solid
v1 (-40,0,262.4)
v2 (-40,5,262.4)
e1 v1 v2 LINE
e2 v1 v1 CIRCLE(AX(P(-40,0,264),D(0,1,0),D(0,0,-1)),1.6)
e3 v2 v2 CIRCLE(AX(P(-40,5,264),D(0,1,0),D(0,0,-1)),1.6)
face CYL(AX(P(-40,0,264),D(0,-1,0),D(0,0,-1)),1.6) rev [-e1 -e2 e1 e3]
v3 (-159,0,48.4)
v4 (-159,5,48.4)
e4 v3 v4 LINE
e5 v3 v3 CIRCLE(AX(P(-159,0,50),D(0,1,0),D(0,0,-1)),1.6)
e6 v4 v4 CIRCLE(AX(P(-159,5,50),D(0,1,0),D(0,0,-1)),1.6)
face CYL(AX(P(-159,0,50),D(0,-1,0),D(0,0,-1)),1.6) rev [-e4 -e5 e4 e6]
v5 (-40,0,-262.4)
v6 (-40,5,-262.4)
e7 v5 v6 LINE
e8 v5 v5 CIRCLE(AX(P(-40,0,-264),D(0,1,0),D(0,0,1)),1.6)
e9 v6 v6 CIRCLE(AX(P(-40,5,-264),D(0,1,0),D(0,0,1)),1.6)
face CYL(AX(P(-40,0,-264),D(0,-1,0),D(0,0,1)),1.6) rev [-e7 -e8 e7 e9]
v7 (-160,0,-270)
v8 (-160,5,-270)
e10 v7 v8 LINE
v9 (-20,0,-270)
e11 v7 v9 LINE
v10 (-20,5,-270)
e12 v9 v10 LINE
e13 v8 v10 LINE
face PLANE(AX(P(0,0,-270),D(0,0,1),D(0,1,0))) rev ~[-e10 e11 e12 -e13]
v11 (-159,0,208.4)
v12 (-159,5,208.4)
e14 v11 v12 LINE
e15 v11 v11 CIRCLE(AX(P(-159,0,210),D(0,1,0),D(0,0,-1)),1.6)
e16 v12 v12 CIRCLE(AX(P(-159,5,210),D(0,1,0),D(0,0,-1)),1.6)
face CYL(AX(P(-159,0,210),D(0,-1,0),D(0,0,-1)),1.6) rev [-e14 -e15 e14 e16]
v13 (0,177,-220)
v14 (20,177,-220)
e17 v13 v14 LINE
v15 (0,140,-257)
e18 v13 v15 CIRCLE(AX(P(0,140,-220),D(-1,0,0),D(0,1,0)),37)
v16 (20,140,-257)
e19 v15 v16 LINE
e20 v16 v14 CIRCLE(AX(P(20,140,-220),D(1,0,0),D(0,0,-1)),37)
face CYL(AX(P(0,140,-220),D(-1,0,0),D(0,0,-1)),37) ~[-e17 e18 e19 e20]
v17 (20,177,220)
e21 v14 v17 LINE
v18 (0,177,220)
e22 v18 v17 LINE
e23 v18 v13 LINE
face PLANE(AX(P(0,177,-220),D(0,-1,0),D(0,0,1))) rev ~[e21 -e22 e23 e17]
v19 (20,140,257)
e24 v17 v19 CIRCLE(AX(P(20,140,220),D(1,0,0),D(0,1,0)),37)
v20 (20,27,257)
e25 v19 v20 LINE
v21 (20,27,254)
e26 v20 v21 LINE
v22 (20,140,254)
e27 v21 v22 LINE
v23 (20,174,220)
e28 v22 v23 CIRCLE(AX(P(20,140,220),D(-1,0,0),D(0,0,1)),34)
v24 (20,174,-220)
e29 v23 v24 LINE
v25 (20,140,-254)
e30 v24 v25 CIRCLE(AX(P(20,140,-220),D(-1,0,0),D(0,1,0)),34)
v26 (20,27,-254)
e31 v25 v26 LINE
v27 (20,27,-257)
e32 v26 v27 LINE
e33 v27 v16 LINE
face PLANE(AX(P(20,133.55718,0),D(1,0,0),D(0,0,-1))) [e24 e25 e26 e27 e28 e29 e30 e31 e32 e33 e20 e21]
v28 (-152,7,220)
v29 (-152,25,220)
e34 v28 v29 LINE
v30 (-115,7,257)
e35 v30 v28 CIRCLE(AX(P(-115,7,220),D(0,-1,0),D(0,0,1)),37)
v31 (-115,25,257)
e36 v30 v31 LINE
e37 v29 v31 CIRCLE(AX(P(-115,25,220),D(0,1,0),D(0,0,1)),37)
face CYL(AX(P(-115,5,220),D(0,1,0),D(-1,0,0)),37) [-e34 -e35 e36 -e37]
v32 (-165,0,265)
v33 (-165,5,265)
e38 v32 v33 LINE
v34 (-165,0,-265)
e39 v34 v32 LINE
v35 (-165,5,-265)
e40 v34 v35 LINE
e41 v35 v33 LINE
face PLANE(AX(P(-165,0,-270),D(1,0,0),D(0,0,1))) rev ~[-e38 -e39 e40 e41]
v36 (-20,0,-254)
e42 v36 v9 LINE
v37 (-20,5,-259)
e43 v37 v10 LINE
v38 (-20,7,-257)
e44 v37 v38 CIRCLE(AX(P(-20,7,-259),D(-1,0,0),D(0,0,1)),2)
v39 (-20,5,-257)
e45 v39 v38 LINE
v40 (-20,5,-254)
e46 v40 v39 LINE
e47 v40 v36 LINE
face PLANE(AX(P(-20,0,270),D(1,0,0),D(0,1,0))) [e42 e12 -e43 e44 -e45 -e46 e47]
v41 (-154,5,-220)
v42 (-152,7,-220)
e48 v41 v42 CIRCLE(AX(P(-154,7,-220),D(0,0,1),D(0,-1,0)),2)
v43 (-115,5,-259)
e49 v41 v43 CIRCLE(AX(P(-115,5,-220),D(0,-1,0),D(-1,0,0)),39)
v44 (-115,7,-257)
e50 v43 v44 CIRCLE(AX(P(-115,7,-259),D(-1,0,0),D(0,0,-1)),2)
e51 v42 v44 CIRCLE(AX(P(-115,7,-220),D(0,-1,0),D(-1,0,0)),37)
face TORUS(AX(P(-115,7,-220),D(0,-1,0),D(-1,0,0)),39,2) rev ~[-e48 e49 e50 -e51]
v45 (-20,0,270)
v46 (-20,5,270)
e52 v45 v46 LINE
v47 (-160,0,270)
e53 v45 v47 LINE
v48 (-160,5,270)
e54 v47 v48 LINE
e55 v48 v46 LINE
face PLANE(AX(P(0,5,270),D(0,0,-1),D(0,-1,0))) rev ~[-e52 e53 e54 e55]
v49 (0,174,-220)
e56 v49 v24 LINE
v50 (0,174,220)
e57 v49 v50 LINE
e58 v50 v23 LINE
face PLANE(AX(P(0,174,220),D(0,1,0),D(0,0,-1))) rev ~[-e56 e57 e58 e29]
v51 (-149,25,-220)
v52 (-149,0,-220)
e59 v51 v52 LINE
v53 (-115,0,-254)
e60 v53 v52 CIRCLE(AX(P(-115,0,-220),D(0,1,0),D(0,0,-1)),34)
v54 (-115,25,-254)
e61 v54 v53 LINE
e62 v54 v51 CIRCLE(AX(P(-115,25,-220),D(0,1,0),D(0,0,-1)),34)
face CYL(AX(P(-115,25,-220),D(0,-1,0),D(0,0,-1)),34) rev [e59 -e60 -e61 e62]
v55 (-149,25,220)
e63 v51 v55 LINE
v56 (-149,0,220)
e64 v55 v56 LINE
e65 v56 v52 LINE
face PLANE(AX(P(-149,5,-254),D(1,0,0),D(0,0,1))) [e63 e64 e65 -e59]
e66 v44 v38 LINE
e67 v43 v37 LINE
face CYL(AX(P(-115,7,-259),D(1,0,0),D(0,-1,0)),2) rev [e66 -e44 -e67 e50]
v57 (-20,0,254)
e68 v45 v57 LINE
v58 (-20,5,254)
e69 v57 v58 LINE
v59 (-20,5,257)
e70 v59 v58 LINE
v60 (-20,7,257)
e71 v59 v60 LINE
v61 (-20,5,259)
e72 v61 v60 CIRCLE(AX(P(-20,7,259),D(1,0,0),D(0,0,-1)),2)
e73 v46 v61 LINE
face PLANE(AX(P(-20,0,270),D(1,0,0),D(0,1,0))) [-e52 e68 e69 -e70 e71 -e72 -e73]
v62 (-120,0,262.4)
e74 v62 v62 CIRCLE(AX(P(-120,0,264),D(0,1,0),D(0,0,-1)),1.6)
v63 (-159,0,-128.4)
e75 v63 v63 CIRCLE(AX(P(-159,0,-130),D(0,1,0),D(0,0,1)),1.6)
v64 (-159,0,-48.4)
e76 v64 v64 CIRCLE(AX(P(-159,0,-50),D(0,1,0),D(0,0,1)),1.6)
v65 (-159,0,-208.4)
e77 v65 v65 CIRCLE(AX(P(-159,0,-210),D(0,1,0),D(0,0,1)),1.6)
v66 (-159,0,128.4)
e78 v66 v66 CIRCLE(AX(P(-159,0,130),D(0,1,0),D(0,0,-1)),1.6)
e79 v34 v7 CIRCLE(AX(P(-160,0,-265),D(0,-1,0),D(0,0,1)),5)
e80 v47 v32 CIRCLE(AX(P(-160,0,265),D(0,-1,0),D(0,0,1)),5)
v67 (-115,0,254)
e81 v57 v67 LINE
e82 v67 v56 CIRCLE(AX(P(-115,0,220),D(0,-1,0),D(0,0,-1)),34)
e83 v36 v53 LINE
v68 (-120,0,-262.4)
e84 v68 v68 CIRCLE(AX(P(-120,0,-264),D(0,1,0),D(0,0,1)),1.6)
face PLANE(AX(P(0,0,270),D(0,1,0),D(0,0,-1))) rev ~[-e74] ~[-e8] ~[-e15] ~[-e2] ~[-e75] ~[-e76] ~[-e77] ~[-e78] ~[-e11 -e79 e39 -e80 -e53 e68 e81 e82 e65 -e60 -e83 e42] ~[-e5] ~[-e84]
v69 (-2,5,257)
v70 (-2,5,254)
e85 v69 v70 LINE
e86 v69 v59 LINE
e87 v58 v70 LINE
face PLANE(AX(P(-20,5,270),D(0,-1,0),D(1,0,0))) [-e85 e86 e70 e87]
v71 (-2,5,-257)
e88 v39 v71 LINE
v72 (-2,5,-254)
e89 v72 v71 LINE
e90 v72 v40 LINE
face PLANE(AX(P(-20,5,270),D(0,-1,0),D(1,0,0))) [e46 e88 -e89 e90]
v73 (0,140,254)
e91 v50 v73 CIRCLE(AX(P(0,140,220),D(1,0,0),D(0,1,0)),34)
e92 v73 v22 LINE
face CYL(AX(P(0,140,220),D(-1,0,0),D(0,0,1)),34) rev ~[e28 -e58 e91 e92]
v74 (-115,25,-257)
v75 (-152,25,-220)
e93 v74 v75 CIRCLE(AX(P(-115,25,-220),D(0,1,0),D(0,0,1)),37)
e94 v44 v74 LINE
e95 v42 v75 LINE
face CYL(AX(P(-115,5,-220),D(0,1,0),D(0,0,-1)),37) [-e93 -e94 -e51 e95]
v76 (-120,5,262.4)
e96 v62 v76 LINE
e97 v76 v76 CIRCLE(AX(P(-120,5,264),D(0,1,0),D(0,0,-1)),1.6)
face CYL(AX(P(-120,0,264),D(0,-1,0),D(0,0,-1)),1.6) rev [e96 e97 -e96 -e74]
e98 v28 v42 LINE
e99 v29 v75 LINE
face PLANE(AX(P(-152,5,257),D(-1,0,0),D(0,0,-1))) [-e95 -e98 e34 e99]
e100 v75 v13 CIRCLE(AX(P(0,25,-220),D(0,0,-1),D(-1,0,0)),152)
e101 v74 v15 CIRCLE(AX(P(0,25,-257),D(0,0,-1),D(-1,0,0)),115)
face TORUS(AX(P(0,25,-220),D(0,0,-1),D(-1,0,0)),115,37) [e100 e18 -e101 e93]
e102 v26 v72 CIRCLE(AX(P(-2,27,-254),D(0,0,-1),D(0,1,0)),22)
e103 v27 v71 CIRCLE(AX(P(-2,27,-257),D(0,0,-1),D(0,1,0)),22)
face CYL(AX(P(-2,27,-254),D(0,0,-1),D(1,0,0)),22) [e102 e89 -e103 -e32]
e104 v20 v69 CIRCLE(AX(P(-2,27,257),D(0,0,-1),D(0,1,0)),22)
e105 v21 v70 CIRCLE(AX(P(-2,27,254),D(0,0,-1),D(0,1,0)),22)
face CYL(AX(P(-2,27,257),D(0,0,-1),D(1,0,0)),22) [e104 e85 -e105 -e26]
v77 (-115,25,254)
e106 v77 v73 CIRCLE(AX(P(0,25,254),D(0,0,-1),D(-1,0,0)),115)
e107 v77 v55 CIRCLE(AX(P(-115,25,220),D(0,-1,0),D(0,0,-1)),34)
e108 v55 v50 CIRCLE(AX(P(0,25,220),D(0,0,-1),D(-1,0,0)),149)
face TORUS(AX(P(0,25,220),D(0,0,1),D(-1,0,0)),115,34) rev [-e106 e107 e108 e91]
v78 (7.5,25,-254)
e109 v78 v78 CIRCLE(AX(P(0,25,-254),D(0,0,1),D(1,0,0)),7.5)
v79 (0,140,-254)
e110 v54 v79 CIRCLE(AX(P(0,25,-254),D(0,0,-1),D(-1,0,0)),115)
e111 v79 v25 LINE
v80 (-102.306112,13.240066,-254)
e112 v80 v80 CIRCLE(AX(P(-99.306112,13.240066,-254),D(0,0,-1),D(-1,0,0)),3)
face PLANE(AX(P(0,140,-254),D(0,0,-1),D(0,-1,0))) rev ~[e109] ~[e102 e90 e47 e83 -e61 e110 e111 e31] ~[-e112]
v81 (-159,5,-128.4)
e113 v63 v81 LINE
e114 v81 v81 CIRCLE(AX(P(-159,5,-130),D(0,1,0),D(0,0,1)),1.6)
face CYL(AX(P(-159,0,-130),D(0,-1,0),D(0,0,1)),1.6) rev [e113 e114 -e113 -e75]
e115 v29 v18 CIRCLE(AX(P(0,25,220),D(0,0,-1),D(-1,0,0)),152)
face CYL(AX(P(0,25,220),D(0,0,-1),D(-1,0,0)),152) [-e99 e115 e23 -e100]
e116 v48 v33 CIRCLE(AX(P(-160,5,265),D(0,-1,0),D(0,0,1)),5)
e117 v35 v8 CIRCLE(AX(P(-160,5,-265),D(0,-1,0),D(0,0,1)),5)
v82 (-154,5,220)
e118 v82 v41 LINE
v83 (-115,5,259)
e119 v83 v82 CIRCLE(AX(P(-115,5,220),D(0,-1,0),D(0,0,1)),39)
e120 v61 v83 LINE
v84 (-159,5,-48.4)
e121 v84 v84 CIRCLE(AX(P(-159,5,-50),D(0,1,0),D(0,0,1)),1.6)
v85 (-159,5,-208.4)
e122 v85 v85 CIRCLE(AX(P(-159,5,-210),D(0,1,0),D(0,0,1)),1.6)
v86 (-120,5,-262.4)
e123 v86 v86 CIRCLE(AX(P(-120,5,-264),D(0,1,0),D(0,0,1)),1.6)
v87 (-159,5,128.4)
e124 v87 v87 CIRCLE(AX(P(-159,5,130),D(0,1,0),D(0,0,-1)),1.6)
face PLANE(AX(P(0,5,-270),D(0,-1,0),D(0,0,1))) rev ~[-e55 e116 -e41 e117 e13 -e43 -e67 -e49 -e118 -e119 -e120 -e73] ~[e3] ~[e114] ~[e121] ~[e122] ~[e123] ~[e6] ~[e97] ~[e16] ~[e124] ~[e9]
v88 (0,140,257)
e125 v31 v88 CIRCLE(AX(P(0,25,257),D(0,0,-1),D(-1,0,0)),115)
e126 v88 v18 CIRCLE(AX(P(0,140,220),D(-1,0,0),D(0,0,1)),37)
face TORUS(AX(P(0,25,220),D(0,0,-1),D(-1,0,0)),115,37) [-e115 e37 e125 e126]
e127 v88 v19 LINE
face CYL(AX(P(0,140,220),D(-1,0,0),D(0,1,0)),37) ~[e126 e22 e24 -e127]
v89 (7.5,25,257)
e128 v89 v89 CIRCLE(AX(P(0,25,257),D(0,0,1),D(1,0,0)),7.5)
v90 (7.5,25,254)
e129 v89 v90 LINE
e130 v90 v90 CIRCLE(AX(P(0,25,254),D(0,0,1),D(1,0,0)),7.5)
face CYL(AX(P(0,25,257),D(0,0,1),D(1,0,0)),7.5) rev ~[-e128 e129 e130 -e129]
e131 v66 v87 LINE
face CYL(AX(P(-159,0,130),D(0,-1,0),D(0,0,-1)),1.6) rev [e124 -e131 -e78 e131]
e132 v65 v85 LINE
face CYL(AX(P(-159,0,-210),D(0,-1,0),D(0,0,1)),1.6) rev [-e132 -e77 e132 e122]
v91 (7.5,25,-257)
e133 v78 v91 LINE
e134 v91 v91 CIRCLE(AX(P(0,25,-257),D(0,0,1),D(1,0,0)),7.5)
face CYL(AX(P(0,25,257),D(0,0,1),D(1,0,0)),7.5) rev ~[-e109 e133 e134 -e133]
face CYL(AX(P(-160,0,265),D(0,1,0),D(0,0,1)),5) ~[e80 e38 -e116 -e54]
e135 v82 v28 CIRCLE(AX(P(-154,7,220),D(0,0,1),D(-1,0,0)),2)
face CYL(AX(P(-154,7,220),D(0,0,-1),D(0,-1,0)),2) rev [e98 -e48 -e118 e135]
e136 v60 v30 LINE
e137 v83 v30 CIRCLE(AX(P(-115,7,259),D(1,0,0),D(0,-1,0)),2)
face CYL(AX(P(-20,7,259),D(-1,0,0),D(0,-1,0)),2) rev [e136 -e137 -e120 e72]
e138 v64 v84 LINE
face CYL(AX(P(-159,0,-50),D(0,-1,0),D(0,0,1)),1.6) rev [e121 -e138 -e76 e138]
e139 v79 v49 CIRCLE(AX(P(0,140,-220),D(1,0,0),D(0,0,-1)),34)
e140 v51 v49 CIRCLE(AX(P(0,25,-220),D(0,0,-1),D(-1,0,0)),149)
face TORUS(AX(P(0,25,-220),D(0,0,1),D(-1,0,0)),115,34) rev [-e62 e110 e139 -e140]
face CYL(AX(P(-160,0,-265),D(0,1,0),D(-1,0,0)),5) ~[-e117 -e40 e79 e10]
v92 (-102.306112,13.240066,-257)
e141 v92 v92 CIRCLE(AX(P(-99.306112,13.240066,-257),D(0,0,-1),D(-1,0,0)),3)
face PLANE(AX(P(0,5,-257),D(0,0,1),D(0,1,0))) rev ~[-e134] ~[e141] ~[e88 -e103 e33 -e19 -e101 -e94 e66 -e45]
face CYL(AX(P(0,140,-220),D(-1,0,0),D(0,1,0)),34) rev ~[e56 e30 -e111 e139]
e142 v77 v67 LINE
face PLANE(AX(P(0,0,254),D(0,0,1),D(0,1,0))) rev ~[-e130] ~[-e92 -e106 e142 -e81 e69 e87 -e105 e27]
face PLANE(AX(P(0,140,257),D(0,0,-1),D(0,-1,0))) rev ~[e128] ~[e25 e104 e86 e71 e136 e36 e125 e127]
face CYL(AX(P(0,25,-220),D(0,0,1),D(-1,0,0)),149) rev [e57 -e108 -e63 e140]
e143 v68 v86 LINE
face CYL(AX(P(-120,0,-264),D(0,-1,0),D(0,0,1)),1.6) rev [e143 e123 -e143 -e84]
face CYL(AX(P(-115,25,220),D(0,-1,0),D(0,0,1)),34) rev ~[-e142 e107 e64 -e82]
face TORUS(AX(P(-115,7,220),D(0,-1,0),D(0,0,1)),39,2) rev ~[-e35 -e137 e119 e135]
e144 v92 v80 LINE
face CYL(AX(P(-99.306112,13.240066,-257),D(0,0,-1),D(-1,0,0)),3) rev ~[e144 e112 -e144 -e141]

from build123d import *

# Parameters (mm, degrees)
SKETCH1_R           = 1.6
BOSS_EXTRUDE1_DEPTH = 5
BOSS_EXTRUDE5_DEPTH = 20
FILLET8_R           = 34
FILLET9_R           = 37
REVOLVE4_ANGLE      = 90
BOSS_EXTRUDE6_DEPTH = 20
CUT_EXTRUDE3_REACH  = 593.738
SKETCH16_W          = 40
SKETCH16_H          = 5
FILLET10_R          = 22
CUT_EXTRUDE4_REACH  = 581.899
SKETCH17_R          = 7.5
FILLET11_R          = 5
FILLET12_R          = 2
SKETCH18_R          = 3
CUT_EXTRUDE5_DEPTH  = 7


with BuildPart() as part:
    # Sketch1 → Boss-Extrude1 (new body)
    with BuildSketch(Plane(origin=(0, 0, 0), x_dir=(1, 0, 0), z_dir=(0, 1, 0))):
        Polygon((-165, 270), (-165, -270), (0, -270), (0, -254), (-149, -254), (-149, 254), (0, 254), (0, 270), align=None)
        with Locations(Location((-159, 130, 0), (0, 0, 270))):
            Circle(SKETCH1_R, mode=Mode.SUBTRACT)
        with Locations(Location((-159, 50, 0), (0, 0, 270))):
            Circle(SKETCH1_R, mode=Mode.SUBTRACT)
        with Locations(Location((-120, 264, 0), (0, 0, 270))):
            Circle(SKETCH1_R, mode=Mode.SUBTRACT)
        with Locations(Location((-40, 264, 0), (0, 0, 270))):
            Circle(SKETCH1_R, mode=Mode.SUBTRACT)
        with Locations(Location((-159, 210, 0), (0, 0, 270))):
            Circle(SKETCH1_R, mode=Mode.SUBTRACT)
        with Locations(Location((-40, -264, 0), (0, 0, 90))):
            Circle(SKETCH1_R, mode=Mode.SUBTRACT)
        with Locations(Location((-120, -264, 0), (0, 0, 90))):
            Circle(SKETCH1_R, mode=Mode.SUBTRACT)
        with Locations(Location((-159, -210, 0), (0, 0, 90))):
            Circle(SKETCH1_R, mode=Mode.SUBTRACT)
        with Locations(Location((-159, -50, 0), (0, 0, 90))):
            Circle(SKETCH1_R, mode=Mode.SUBTRACT)
        with Locations(Location((-159, -130, 0), (0, 0, 90))):
            Circle(SKETCH1_R, mode=Mode.SUBTRACT)
    extrude(amount=BOSS_EXTRUDE1_DEPTH)

    # Sketch12 → Boss-Extrude5 (add)
    with BuildSketch(Plane(origin=(0, 5, 0), x_dir=(1, 0, 0), z_dir=(0, 1, 0))):
        Polygon((0, 254), (-149, 254), (-149, -254), (0, -254), (0, -257), (-152, -257), (-152, 257), (0, 257), align=None)
    extrude(amount=BOSS_EXTRUDE5_DEPTH)

    # Fillet8
    fillet8_edges = [part.edges().sort_by_distance(p)[0] for p in [
        (-149, 12.5, -254),
        (-149, 12.5, 254),
    ]]
    fillet(fillet8_edges, radius=FILLET8_R)

    # Fillet9
    fillet9_edges = [part.edges().sort_by_distance(p)[0] for p in [
        (-152, 15, -257),
        (-152, 15, 257),
    ]]
    fillet(fillet9_edges, radius=FILLET9_R)

    # Sketch13 → Revolve4 (revolve)
    with BuildSketch(Plane(origin=(0, 25, 0), x_dir=(1, 0, 0), z_dir=(0, 1, 0))):
        with BuildLine():
            Line((0, 254), (-115, 254))
            ThreePointArc((-115, 254), (-139.04163056, 244.04163056), (-149, 220))
            Line((-149, 220), (-149, -220))
            ThreePointArc((-149, -220), (-139.04163056, -244.04163056), (-115, -254))
            Line((-115, -254), (0, -254))
            Line((0, -254), (0, -257))
            Line((0, -257), (-115, -257))
            ThreePointArc((-115, -257), (-141.162950904, -246.162950904), (-152, -220))
            Line((-152, -220), (-152, 220))
            ThreePointArc((-152, 220), (-141.162950904, 246.162950904), (-115, 257))
            Line((-115, 257), (0, 257))
            Line((0, 257), (0, 254))
        make_face()
    revolve(axis=Axis((0, 25, -257), (0, 0, -1)), revolution_arc=REVOLVE4_ANGLE)

    # Sketch15 → Boss-Extrude6 (add)
    with BuildSketch(Plane(origin=(0, 0, 0), x_dir=(0, 0, -1), z_dir=(1, 0, 0))):
        with BuildLine():
            Line((-254, 5), (-254, 140))
            ThreePointArc((-254, 140), (-244.04163056, 164.04163056), (-220, 174))
            Line((-220, 174), (220, 174))
            ThreePointArc((220, 174), (244.04163056, 164.04163056), (254, 140))
            Line((254, 140), (254, 5))
            Line((254, 5), (254, 0))
            Line((254, 0), (270, 0))
            Line((270, 0), (270, 5))
            Line((270, 5), (257, 5))
            Line((257, 5), (257, 140))
            ThreePointArc((257, 140), (246.162950904, 166.162950904), (220, 177))
            Line((220, 177), (-220, 177))
            ThreePointArc((-220, 177), (-246.162950904, 166.162950904), (-257, 140))
            Line((-257, 140), (-257, 5))
            Line((-257, 5), (-270, 5))
            Line((-270, 5), (-270, 0))
            Line((-270, 0), (-254, 0))
            Line((-254, 0), (-254, 5))
        make_face()
    extrude(amount=BOSS_EXTRUDE6_DEPTH)

    # Cut-Extrude3: up to this face of the body (flat: up to its plane)
    cut_extrude3_end = Plane(part.part.faces().sort_by_distance((-72.5, 2.5, -270))[0])
    # Sketch16 → Cut-Extrude3 (cut, up to the picked face)
    with BuildSketch(Plane.XY.offset(270), mode=Mode.PRIVATE) as cut_extrude3_sk1:
        with Locations((0, 2.5)):
            Rectangle(SKETCH16_W, SKETCH16_H)
    cut_extrude3_tool1 = split(extrude(cut_extrude3_sk1.sketch, amount=-CUT_EXTRUDE3_REACH, mode=Mode.PRIVATE), bisect_by=cut_extrude3_end, keep=Keep.BOTH, mode=Mode.PRIVATE)
    add(cut_extrude3_tool1.solids().sort_by(Axis((0, 2.5, 270), (0, 0, -1)))[0], mode=Mode.SUBTRACT)

    # Fillet10
    fillet10_edges = [part.edges().sort_by_distance(p)[0] for p in [
        (20, 5, 255.5),
        (20, 5, -255.5),
    ]]
    fillet(fillet10_edges, radius=FILLET10_R)

    # Cut-Extrude4: up to this face of the body (flat: up to its plane)
    cut_extrude4_end = Plane(part.part.faces().sort_by_distance((-40.16059182, 65.16059182, -257))[0])
    # Sketch17 → Cut-Extrude4 (cut, up to the picked face)
    with BuildSketch(Plane.XY.offset(257), mode=Mode.PRIVATE) as cut_extrude4_sk1:
        with Locations((0, 25)):
            Circle(SKETCH17_R)
    cut_extrude4_tool1 = split(extrude(cut_extrude4_sk1.sketch, amount=-CUT_EXTRUDE4_REACH, mode=Mode.PRIVATE), bisect_by=cut_extrude4_end, keep=Keep.BOTH, mode=Mode.PRIVATE)
    add(cut_extrude4_tool1.solids().sort_by(Axis((0, 25, 257), (0, 0, -1)))[0], mode=Mode.SUBTRACT)

    # Fillet11
    fillet11_edges = [part.edges().sort_by_distance(p)[0] for p in [
        (-165, 2.5, 270),
        (-165, 2.5, -270),
    ]]
    fillet(fillet11_edges, radius=FILLET11_R)

    # Fillet12
    fillet12_edges = [part.edges().sort_by_distance(p)[0] for p in [
        (-152, 5, 0),
        (-67.5, 5, 257),
        (-141.162950904, 5, -246.162950904),
        (-141.162950904, 5, 246.162950904),
        (-67.5, 5, -257),
    ]]
    fillet(fillet12_edges, radius=FILLET12_R)

    # Sketch18 → Cut-Extrude5 (cut)
    with BuildSketch(Plane(origin=(0, 0, -257), x_dir=(-1, 0, 0), z_dir=(0, 0, -1))):
        with Locations((99.306112319, 13.240065646)):
            Circle(SKETCH18_R)
    extrude(amount=-CUT_EXTRUDE5_DEPTH, mode=Mode.SUBTRACT)


solid = part.part
